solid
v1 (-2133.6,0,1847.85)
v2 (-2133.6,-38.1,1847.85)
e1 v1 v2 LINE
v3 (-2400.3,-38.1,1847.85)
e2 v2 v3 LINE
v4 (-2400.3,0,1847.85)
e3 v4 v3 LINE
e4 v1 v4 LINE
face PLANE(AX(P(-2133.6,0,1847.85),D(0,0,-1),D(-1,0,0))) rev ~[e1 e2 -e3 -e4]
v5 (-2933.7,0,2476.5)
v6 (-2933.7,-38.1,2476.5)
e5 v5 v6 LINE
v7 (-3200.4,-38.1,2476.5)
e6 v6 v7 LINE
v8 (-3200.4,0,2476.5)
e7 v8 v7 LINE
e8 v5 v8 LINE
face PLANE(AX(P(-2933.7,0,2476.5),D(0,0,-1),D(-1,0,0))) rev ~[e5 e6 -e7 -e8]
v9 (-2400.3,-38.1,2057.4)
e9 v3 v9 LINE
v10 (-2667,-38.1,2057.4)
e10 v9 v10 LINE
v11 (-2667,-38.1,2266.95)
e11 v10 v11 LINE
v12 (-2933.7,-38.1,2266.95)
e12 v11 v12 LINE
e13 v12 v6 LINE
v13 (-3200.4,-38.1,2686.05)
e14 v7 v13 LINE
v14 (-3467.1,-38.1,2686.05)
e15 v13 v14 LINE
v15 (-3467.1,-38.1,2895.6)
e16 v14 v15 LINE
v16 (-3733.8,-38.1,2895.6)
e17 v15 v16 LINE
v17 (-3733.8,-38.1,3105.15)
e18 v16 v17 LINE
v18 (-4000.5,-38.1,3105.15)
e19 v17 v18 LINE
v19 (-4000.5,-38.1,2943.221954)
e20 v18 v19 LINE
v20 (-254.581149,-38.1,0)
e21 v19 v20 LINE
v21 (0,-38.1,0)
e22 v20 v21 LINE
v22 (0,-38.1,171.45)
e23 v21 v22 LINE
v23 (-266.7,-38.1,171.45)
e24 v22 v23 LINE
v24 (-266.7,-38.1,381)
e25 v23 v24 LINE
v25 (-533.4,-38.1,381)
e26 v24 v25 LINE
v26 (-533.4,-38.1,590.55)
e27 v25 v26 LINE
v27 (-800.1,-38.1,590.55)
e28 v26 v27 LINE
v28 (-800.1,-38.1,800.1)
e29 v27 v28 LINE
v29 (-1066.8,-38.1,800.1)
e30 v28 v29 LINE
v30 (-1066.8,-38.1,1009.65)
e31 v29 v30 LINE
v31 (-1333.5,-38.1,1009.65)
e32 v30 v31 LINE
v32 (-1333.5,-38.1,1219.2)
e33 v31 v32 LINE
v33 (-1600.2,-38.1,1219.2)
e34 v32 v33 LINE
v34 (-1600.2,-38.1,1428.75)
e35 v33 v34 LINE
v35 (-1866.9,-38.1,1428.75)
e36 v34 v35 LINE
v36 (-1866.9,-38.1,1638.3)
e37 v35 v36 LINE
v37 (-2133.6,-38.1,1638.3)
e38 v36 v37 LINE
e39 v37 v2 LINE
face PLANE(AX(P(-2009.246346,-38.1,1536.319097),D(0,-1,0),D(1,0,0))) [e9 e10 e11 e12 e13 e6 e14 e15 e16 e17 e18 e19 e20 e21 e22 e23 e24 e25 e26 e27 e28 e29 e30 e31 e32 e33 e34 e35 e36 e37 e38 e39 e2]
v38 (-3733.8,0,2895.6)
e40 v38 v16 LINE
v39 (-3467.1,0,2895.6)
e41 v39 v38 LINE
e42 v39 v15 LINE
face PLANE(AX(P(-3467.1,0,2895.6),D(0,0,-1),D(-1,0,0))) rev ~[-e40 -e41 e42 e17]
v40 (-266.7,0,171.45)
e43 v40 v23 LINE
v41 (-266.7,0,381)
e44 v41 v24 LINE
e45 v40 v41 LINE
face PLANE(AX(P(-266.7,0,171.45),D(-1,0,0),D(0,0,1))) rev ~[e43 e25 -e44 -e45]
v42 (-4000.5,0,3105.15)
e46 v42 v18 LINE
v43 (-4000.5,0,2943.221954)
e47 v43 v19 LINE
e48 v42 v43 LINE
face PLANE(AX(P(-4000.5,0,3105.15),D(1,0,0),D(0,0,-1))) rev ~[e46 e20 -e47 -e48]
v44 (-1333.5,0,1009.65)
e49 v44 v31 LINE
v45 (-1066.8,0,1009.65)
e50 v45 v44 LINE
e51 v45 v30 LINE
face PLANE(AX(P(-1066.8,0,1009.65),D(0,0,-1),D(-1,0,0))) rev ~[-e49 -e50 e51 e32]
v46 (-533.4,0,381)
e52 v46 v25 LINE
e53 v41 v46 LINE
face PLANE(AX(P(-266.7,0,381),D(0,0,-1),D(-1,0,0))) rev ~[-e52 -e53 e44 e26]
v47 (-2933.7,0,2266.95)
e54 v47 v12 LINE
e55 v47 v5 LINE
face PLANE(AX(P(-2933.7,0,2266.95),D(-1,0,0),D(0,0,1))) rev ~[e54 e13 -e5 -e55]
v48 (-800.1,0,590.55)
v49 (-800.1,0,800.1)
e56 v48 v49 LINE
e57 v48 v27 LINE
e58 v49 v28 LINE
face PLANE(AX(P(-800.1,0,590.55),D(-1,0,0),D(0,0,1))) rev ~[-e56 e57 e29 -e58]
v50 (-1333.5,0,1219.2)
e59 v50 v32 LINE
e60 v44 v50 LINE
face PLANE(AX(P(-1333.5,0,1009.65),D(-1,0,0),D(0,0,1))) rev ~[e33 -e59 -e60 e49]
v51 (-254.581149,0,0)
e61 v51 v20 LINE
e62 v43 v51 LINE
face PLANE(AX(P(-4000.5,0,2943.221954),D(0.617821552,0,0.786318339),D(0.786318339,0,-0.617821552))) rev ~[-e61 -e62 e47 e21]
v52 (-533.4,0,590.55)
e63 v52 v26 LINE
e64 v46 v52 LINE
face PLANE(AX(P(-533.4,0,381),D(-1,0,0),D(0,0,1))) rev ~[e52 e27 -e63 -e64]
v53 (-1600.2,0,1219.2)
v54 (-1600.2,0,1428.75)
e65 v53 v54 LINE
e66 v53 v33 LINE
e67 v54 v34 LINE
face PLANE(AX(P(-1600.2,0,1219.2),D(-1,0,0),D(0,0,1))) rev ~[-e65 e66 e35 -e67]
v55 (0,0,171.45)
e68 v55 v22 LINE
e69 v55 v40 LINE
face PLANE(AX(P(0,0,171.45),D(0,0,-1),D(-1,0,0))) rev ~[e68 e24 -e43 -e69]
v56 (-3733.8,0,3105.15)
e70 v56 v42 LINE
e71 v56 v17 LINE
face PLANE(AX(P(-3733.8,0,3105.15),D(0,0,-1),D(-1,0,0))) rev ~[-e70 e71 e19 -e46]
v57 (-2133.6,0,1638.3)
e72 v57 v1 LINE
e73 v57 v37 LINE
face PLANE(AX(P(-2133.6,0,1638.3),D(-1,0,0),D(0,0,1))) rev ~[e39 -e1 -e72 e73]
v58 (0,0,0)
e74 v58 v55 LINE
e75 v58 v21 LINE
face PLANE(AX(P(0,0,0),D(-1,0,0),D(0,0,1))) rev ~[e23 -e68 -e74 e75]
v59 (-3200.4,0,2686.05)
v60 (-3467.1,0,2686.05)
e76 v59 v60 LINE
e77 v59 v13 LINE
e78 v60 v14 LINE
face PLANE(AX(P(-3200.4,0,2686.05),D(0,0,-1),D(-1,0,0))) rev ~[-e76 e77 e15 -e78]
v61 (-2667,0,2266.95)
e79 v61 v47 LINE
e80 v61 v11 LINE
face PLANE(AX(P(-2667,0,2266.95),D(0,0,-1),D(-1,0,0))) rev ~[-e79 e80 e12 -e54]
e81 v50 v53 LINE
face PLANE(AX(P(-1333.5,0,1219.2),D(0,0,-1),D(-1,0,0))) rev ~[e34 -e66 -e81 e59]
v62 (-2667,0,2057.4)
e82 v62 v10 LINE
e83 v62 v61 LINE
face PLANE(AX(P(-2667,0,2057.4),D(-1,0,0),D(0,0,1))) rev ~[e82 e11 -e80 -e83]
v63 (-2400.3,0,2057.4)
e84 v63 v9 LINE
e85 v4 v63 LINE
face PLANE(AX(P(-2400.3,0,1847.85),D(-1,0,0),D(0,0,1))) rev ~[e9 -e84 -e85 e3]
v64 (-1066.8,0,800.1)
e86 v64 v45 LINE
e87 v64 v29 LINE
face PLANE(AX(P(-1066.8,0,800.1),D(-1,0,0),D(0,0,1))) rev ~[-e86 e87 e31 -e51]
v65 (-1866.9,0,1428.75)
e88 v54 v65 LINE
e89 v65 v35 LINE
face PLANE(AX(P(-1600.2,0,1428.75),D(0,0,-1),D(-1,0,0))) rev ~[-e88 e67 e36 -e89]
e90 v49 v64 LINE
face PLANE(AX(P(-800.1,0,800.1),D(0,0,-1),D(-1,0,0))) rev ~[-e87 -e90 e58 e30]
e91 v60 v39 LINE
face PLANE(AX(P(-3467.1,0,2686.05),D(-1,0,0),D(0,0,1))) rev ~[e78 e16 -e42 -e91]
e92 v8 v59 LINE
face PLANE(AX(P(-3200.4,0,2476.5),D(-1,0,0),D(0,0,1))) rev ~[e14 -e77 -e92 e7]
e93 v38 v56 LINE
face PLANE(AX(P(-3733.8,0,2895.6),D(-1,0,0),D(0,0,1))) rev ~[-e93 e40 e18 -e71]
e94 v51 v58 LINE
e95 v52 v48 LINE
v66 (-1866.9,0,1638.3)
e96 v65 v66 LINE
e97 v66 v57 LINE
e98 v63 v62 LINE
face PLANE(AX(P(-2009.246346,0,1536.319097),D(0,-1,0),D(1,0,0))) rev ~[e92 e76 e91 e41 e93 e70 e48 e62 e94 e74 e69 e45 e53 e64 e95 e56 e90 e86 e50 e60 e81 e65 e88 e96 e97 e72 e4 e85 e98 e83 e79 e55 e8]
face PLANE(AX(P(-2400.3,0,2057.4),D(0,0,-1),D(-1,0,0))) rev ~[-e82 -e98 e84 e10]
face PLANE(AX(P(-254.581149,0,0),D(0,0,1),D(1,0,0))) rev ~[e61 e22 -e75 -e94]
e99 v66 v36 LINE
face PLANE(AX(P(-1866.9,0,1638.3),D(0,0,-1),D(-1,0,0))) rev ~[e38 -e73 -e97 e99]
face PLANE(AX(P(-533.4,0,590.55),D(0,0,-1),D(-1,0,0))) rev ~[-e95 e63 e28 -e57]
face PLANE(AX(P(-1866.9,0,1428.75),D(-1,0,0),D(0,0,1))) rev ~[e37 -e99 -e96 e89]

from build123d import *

# Parameters (mm, degrees)
F1_DEPTH = 38.1


with BuildPart() as f1:
    # F0 (on Front) → F1 (new body)
    with BuildSketch(Plane.XZ):
        Polygon((-254.581149, 0), (0, 0), (0, 171.45), (-266.7, 171.45), (-266.7, 381), (-533.4, 381), (-533.4, 590.55), (-800.1, 590.55), (-800.1, 800.1), (-1066.8, 800.1), (-1066.8, 1009.65), (-1333.5, 1009.65), (-1333.5, 1219.2), (-1600.2, 1219.2), (-1600.2, 1428.75), (-1866.9, 1428.75), (-1866.9, 1638.3), (-2133.6, 1638.3), (-2133.6, 1847.85), (-2400.3, 1847.85), (-2400.3, 2057.4), (-2667, 2057.4), (-2667, 2266.95), (-2933.7, 2266.95), (-2933.7, 2476.5), (-3200.4, 2476.5), (-3200.4, 2686.05), (-3467.1, 2686.05), (-3467.1, 2895.6), (-3733.8, 2895.6), (-3733.8, 3105.15), (-4000.5, 3105.15), (-4000.5, 2943.221954), align=None)
    extrude(amount=F1_DEPTH)


solid = f1.part
